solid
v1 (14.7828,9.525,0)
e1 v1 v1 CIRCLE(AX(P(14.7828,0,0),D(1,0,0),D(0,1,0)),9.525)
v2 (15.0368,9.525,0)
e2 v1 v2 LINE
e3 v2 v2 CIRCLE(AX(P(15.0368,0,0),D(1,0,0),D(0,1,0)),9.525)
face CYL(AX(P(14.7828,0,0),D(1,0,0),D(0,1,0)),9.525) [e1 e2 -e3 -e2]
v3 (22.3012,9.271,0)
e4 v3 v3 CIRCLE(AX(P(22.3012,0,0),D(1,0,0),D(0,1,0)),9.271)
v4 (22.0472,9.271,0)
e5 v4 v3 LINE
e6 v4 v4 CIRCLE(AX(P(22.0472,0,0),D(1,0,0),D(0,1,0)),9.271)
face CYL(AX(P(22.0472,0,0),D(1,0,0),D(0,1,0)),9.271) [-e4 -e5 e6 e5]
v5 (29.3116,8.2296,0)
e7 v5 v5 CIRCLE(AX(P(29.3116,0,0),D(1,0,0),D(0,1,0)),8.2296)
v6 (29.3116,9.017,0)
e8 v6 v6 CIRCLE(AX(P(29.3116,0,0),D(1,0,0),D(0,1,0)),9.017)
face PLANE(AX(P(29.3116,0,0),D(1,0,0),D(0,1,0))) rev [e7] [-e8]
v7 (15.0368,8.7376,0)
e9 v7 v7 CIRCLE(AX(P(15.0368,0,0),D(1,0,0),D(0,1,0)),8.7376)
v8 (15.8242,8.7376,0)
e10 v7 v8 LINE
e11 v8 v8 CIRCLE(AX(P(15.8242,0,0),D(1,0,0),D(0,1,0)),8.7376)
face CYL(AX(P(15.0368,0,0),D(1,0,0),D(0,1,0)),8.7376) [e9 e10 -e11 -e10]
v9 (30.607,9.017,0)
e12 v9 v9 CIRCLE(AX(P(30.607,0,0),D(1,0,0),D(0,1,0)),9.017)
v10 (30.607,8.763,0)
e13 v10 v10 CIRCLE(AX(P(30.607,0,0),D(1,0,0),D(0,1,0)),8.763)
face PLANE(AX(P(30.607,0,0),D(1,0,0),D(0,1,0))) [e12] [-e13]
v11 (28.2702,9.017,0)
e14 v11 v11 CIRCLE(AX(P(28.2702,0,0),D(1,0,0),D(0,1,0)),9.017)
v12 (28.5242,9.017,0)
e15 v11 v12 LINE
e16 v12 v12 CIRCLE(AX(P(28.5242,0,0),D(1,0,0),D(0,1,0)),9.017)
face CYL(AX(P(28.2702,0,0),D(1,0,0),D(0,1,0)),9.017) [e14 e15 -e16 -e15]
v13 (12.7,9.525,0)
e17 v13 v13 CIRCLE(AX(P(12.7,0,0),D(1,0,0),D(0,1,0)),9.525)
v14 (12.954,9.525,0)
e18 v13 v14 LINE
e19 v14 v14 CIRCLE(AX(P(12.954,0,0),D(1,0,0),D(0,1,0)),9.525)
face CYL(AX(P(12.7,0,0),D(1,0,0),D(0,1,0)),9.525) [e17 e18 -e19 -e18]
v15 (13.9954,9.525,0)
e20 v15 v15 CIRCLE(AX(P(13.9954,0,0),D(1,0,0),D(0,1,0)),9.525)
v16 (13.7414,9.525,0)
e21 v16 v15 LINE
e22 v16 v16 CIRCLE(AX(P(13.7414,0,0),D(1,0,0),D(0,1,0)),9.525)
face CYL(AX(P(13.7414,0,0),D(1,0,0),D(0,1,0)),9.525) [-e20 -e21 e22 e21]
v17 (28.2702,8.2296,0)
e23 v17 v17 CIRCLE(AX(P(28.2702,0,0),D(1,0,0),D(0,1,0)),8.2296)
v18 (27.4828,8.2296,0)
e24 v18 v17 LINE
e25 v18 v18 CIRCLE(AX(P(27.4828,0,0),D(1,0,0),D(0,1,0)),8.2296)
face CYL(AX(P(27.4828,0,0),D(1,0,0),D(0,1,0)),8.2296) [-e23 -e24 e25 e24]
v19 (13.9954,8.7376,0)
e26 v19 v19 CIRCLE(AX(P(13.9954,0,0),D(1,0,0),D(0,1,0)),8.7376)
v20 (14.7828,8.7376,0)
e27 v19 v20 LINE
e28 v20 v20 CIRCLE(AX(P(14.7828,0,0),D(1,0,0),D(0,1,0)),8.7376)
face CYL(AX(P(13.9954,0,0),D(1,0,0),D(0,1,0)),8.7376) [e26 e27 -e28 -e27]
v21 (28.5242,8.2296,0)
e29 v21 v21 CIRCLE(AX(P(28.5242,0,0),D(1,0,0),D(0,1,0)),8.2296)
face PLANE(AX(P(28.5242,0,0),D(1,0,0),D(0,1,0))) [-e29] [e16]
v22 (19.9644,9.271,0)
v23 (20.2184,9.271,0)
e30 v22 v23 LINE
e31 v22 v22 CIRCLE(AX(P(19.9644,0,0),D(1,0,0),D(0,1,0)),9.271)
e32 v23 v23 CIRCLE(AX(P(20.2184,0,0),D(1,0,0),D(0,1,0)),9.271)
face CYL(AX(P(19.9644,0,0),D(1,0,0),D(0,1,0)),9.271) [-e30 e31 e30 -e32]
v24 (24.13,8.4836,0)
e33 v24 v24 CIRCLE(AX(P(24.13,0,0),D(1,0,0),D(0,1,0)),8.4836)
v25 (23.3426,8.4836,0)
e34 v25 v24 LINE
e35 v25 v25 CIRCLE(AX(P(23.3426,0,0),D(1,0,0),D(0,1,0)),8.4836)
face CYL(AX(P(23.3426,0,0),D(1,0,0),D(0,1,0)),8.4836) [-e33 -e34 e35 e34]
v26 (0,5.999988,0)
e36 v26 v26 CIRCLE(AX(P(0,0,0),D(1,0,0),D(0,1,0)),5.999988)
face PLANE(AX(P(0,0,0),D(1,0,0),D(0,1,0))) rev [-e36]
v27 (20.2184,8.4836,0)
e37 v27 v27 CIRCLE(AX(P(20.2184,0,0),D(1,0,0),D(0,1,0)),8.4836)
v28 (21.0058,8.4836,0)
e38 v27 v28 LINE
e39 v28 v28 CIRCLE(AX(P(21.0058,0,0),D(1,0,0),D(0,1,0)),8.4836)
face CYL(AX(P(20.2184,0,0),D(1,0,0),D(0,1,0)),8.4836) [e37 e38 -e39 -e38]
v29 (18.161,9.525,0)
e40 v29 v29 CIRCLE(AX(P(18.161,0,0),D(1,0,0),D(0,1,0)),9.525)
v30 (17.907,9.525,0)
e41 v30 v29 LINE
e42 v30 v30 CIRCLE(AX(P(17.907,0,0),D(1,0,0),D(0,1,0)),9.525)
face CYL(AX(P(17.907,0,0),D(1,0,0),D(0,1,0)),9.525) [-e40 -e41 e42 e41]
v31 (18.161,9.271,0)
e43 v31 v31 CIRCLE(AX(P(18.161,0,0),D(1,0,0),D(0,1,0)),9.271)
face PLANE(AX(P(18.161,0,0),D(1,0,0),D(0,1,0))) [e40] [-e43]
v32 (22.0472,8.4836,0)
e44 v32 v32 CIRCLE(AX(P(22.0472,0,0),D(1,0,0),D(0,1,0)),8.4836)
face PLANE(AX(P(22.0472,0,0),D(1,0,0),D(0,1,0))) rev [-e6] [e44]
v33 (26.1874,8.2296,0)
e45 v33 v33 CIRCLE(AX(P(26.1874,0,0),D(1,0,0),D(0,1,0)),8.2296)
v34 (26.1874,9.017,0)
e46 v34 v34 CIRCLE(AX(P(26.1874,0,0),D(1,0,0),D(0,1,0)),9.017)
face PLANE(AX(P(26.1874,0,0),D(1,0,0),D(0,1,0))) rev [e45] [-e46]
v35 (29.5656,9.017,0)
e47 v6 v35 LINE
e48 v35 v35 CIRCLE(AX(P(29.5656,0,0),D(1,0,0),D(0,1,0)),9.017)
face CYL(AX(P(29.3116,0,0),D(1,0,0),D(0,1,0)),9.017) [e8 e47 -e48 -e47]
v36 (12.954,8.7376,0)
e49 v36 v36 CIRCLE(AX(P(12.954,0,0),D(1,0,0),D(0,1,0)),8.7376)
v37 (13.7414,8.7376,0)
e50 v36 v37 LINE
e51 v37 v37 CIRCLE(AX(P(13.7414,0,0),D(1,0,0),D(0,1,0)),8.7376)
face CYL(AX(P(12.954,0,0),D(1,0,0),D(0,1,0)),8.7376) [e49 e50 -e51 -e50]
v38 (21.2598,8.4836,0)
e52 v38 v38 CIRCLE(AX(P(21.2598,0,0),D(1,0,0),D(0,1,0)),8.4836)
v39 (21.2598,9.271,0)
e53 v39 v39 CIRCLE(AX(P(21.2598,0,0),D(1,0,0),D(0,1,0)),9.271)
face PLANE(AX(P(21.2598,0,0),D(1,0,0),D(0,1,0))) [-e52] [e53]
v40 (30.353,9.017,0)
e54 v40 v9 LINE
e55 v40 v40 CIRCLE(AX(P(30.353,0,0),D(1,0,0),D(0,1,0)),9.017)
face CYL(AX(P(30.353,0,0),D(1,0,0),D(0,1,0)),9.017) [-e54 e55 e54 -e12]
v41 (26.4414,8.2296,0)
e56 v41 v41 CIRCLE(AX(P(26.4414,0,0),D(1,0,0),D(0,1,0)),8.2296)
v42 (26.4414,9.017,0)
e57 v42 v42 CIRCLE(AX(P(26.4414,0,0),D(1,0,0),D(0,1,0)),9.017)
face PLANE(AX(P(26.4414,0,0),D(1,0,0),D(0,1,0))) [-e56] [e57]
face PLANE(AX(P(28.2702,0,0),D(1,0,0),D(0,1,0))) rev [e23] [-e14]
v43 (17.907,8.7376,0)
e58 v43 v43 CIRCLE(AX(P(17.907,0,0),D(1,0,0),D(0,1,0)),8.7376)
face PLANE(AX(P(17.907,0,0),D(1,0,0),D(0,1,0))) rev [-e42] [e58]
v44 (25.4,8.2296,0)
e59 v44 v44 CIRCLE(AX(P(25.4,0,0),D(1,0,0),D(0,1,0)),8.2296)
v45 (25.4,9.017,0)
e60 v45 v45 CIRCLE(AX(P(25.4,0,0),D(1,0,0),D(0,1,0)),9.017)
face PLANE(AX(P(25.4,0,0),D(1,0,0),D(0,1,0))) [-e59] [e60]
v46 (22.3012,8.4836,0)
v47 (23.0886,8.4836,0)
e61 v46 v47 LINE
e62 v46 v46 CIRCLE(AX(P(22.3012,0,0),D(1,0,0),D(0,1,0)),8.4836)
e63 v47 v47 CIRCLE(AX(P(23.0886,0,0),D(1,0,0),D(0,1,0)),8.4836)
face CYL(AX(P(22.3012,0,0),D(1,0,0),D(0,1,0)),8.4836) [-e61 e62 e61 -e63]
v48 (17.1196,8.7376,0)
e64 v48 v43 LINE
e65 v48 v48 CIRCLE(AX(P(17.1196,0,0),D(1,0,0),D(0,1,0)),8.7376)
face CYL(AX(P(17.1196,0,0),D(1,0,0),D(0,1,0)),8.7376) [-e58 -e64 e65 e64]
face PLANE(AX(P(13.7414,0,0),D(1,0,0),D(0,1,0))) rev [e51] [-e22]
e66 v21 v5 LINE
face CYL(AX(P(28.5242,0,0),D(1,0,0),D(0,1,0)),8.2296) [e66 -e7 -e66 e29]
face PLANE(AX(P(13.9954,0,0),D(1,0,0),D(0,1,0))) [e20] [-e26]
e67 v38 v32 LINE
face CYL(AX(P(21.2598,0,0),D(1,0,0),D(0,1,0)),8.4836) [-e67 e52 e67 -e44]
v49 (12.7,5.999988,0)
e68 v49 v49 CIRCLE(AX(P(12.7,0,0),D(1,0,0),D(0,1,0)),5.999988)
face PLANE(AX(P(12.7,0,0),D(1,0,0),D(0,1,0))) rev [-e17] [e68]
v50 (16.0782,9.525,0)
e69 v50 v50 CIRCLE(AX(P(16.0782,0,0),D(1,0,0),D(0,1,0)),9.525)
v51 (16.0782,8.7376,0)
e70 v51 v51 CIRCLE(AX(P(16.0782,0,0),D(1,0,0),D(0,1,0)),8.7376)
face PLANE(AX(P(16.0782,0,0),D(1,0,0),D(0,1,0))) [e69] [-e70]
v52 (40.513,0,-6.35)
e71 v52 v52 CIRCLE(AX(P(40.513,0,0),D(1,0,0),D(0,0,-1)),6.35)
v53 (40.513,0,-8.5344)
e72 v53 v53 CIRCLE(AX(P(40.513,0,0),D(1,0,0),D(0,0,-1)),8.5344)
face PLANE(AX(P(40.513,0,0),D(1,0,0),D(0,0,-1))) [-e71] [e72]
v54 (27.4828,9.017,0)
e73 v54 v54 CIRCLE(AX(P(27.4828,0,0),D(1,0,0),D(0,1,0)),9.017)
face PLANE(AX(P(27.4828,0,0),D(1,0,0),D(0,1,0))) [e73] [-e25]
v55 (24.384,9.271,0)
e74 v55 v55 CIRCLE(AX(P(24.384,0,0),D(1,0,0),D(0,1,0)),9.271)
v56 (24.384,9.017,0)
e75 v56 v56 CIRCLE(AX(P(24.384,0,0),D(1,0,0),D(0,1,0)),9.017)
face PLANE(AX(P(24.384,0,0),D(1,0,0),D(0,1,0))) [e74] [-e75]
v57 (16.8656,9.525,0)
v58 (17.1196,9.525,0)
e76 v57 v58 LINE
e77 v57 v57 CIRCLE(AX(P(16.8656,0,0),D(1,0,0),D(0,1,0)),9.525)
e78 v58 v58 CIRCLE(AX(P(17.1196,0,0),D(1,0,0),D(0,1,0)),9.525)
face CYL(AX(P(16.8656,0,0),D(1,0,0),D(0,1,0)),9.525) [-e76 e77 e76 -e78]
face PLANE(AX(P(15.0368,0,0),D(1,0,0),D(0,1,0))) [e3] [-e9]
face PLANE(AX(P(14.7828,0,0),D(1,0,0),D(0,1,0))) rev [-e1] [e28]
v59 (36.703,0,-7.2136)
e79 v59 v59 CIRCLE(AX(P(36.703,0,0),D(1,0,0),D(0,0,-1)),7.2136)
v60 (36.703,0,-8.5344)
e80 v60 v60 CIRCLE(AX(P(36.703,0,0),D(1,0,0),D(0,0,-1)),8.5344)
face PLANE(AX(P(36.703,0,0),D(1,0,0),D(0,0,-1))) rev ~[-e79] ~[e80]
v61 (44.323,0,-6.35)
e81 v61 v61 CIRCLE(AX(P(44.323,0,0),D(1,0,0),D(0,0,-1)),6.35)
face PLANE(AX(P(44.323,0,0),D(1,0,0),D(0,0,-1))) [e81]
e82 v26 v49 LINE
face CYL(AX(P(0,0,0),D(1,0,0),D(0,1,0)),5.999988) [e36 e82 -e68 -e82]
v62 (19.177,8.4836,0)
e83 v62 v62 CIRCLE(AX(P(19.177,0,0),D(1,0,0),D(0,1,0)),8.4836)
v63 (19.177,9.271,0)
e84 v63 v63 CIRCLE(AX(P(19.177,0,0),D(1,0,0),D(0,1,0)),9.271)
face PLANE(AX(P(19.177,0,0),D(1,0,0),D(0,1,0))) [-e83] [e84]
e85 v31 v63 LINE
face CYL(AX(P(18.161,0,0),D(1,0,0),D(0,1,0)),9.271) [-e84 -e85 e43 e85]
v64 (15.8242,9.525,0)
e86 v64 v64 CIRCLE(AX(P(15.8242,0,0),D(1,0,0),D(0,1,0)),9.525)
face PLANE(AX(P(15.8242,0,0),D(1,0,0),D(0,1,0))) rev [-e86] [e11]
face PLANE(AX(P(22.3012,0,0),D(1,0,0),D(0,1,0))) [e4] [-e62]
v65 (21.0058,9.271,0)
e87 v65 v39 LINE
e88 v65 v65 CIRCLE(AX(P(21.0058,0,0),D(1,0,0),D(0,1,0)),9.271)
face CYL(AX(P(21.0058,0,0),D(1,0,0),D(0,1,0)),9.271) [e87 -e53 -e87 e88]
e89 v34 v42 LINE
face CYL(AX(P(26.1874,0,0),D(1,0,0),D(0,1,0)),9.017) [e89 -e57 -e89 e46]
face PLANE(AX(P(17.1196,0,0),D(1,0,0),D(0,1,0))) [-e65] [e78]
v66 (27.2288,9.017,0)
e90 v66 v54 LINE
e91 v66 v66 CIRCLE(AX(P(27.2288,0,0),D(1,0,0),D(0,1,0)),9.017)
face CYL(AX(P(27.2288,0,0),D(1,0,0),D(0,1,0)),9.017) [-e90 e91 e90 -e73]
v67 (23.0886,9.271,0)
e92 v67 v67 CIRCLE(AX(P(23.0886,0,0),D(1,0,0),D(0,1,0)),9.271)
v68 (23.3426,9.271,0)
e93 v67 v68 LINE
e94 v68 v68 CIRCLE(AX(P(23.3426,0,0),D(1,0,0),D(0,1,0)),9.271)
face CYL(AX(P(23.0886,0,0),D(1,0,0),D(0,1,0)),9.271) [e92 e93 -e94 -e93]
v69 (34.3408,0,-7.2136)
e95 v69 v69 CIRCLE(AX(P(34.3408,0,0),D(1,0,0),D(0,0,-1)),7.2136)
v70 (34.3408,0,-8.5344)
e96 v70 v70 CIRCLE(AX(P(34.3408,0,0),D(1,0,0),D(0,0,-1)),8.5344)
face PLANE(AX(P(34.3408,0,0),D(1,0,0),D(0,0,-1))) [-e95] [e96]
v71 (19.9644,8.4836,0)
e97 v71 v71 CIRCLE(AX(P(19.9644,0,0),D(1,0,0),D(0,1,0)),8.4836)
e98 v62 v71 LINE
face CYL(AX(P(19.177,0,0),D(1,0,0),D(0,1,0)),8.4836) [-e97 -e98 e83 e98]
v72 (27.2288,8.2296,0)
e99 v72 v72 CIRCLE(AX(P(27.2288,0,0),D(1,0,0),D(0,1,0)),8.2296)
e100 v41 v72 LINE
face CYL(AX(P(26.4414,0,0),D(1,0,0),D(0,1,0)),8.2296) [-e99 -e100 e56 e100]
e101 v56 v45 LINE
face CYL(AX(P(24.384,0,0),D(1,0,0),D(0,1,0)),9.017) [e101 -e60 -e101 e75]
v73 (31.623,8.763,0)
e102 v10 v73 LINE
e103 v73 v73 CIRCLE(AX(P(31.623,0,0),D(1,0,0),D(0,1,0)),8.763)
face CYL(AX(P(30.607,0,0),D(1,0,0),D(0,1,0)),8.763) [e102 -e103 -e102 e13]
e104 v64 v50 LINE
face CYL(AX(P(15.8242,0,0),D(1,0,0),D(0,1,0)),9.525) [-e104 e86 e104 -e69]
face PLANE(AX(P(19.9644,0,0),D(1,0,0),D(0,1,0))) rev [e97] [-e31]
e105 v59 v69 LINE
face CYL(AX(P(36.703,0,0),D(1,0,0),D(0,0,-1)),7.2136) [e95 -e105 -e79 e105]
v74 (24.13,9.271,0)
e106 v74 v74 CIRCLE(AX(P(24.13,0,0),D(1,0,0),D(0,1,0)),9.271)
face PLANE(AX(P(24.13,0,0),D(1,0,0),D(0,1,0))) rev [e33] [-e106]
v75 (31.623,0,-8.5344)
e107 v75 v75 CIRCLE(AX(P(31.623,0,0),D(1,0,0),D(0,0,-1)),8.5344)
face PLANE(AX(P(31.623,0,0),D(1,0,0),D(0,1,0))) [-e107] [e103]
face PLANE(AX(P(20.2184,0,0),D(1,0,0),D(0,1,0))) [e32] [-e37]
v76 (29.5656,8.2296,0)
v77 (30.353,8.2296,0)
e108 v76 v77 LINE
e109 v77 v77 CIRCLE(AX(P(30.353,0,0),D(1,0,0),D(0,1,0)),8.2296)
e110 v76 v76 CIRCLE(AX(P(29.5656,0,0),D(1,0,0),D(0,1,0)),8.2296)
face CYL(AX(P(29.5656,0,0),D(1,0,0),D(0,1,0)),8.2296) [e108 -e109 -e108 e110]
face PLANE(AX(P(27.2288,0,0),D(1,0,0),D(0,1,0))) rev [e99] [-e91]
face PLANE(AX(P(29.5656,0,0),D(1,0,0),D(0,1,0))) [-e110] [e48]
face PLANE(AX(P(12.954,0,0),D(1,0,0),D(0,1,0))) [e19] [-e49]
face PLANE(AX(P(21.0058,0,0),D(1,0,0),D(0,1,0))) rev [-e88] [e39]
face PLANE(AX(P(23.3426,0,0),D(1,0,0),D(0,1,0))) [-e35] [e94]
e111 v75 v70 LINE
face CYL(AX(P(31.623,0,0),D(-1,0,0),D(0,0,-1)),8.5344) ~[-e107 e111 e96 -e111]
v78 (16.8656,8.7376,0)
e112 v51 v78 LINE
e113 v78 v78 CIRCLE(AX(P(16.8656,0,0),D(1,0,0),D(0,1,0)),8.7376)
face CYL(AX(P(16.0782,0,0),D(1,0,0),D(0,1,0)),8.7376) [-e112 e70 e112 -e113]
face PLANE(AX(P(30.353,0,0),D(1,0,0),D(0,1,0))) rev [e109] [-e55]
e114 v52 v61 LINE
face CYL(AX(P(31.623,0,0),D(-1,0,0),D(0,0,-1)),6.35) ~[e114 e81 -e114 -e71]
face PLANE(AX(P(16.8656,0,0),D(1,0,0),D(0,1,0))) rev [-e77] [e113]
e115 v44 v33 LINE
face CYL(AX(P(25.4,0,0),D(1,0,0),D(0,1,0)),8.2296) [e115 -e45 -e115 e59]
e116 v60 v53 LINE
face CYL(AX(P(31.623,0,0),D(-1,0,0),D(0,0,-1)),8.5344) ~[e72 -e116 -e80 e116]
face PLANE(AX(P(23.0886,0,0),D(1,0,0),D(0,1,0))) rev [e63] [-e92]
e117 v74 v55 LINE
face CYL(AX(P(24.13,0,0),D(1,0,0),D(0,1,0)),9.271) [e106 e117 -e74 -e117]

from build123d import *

# Parameters (mm, degrees)
SKETCH3_R           = 17.357767681
CUT_EXTRUDE1_DEPTH  = 114.5794
SKETCH4_R           = 6.35
BOSS_EXTRUDE1_DEPTH = 12.7
SKETCH5_R           = 8.5344
SKETCH5_R_2         = 6.35
BOSS_EXTRUDE2_DEPTH = 8.89
CUT_EXTRUDE2_START  = -3.81
SKETCH6_R           = 8.5344
SKETCH6_R_2         = 7.2136
CUT_EXTRUDE2_DEPTH  = 2.3622


with BuildPart() as part:
    # Sketch1 → Revolve1 (revolve)
    with BuildSketch(Plane.XY):
        Polygon((12.954, 9.525), (12.954, 8.7376), (13.7414, 8.7376), (13.7414, 9.525), (13.9954, 9.525), (13.9954, 8.7376), (14.7828, 8.7376), (14.7828, 9.525), (15.0368, 9.525), (15.0368, 8.7376), (15.8242, 8.7376), (15.8242, 9.525), (16.0782, 9.525), (16.0782, 8.7376), (16.8656, 8.7376), (16.8656, 9.525), (17.1196, 9.525), (17.1196, 8.7376), (17.907, 8.7376), (17.907, 9.525), (18.161, 9.525), (18.161, 9.271), (19.177, 9.271), (19.177, 8.4836), (19.9644, 8.4836), (19.9644, 9.271), (20.2184, 9.271), (20.2184, 8.4836), (21.0058, 8.4836), (21.0058, 9.271), (21.2598, 9.271), (21.2598, 8.4836), (22.0472, 8.4836), (22.0472, 9.271), (22.3012, 9.271), (22.3012, 8.4836), (23.0886, 8.4836), (23.0886, 9.271), (23.3426, 9.271), (23.3426, 8.4836), (24.13, 8.4836), (24.13, 9.271), (24.384, 9.271), (24.384, 9.017), (25.4, 9.017), (25.4, 8.2296), (26.1874, 8.2296), (26.1874, 9.017), (26.4414, 9.017), (26.4414, 8.2296), (27.2288, 8.2296), (27.2288, 9.017), (27.4828, 9.017), (27.4828, 8.2296), (28.2702, 8.2296), (28.2702, 9.017), (28.5242, 9.017), (28.5242, 8.2296), (29.3116, 8.2296), (29.3116, 9.017), (29.5656, 9.017), (29.5656, 8.2296), (30.353, 8.2296), (30.353, 9.017), (30.607, 9.017), (30.607, 8.763), (31.623, 8.763), (31.623, 7.9756), (32.4104, 7.9756), (32.4104, 8.763), (32.6644, 8.763), (32.6644, 7.9756), (33.4518, 7.9756), (33.4518, 8.763), (33.7058, 8.763), (33.7058, 7.9756), (34.4932, 7.9756), (34.4932, 8.763), (34.7472, 8.763), (34.7472, 7.9756), (35.5346, 7.9756), (35.5346, 8.763), (35.7886, 8.763), (35.7886, 7.9756), (36.576, 7.9756), (36.576, 8.763), (36.83, 8.763), (36.83, 8.509), (37.846, 8.509), (37.846, 7.7216), (38.6334, 7.7216), (38.6334, 8.509), (38.8874, 8.509), (38.8874, 7.7216), (39.6748, 7.7216), (39.6748, 8.509), (39.9288, 8.509), (39.9288, 7.7216), (40.7162, 7.7216), (40.7162, 8.509), (40.9702, 8.509), (40.9702, 7.7216), (41.7576, 7.7216), (41.7576, 8.509), (42.0116, 8.509), (42.0116, 7.7216), (42.799, 7.7216), (42.799, 8.509), (43.053, 8.509), (43.053, 8.255), (44.069, 8.255), (44.069, 7.4676), (44.8564, 7.4676), (44.8564, 8.255), (45.1104, 8.255), (45.1104, 7.4676), (45.8978, 7.4676), (45.8978, 8.255), (46.1518, 8.255), (46.1518, 7.4676), (46.9392, 7.4676), (46.9392, 8.255), (47.1932, 8.255), (47.1932, 7.4676), (47.9806, 7.4676), (47.9806, 8.255), (48.2346, 8.255), (48.2346, 7.4676), (49.022, 7.4676), (49.022, 8.255), (49.276, 8.255), (49.276, 5.999988), (74.676, 5.999988), (74.676, 0), (61.976, 0), (0, 0), (0, 5.999988), (12.7, 5.999988), (12.7, 9.525), align=None)
    revolve(axis=Axis((0, 0, 0), (1, 0, 0)))

    # Sketch3 → Cut-Extrude1 (cut)
    with BuildSketch(Plane(origin=(31.623, 0, 0), x_dir=(0, 0, -1), z_dir=(1, 0, 0))):
        Circle(SKETCH3_R)
    extrude(amount=CUT_EXTRUDE1_DEPTH, mode=Mode.SUBTRACT)

    # Sketch4 → Boss-Extrude1 (add)
    with BuildSketch(Plane(origin=(31.623, 0, 0), x_dir=(0, 0, -1), z_dir=(1, 0, 0))):
        Circle(SKETCH4_R)
    extrude(amount=BOSS_EXTRUDE1_DEPTH)

    # Sketch5 → Boss-Extrude2 (add)
    with BuildSketch(Plane(origin=(31.623, 0, 0), x_dir=(0, 0, -1), z_dir=(1, 0, 0))):
        Circle(SKETCH5_R)
        Circle(SKETCH5_R_2, mode=Mode.SUBTRACT)
    extrude(amount=BOSS_EXTRUDE2_DEPTH)

    # Sketch6 → Cut-Extrude2 (cut)
    with BuildSketch(Plane(origin=(40.513, 0, 0), x_dir=(0, 0, -1), z_dir=(1, 0, 0)).offset(CUT_EXTRUDE2_START)):
        Circle(SKETCH6_R)
        Circle(SKETCH6_R_2, mode=Mode.SUBTRACT)
    extrude(amount=-CUT_EXTRUDE2_DEPTH, mode=Mode.SUBTRACT)


solid = part.part
